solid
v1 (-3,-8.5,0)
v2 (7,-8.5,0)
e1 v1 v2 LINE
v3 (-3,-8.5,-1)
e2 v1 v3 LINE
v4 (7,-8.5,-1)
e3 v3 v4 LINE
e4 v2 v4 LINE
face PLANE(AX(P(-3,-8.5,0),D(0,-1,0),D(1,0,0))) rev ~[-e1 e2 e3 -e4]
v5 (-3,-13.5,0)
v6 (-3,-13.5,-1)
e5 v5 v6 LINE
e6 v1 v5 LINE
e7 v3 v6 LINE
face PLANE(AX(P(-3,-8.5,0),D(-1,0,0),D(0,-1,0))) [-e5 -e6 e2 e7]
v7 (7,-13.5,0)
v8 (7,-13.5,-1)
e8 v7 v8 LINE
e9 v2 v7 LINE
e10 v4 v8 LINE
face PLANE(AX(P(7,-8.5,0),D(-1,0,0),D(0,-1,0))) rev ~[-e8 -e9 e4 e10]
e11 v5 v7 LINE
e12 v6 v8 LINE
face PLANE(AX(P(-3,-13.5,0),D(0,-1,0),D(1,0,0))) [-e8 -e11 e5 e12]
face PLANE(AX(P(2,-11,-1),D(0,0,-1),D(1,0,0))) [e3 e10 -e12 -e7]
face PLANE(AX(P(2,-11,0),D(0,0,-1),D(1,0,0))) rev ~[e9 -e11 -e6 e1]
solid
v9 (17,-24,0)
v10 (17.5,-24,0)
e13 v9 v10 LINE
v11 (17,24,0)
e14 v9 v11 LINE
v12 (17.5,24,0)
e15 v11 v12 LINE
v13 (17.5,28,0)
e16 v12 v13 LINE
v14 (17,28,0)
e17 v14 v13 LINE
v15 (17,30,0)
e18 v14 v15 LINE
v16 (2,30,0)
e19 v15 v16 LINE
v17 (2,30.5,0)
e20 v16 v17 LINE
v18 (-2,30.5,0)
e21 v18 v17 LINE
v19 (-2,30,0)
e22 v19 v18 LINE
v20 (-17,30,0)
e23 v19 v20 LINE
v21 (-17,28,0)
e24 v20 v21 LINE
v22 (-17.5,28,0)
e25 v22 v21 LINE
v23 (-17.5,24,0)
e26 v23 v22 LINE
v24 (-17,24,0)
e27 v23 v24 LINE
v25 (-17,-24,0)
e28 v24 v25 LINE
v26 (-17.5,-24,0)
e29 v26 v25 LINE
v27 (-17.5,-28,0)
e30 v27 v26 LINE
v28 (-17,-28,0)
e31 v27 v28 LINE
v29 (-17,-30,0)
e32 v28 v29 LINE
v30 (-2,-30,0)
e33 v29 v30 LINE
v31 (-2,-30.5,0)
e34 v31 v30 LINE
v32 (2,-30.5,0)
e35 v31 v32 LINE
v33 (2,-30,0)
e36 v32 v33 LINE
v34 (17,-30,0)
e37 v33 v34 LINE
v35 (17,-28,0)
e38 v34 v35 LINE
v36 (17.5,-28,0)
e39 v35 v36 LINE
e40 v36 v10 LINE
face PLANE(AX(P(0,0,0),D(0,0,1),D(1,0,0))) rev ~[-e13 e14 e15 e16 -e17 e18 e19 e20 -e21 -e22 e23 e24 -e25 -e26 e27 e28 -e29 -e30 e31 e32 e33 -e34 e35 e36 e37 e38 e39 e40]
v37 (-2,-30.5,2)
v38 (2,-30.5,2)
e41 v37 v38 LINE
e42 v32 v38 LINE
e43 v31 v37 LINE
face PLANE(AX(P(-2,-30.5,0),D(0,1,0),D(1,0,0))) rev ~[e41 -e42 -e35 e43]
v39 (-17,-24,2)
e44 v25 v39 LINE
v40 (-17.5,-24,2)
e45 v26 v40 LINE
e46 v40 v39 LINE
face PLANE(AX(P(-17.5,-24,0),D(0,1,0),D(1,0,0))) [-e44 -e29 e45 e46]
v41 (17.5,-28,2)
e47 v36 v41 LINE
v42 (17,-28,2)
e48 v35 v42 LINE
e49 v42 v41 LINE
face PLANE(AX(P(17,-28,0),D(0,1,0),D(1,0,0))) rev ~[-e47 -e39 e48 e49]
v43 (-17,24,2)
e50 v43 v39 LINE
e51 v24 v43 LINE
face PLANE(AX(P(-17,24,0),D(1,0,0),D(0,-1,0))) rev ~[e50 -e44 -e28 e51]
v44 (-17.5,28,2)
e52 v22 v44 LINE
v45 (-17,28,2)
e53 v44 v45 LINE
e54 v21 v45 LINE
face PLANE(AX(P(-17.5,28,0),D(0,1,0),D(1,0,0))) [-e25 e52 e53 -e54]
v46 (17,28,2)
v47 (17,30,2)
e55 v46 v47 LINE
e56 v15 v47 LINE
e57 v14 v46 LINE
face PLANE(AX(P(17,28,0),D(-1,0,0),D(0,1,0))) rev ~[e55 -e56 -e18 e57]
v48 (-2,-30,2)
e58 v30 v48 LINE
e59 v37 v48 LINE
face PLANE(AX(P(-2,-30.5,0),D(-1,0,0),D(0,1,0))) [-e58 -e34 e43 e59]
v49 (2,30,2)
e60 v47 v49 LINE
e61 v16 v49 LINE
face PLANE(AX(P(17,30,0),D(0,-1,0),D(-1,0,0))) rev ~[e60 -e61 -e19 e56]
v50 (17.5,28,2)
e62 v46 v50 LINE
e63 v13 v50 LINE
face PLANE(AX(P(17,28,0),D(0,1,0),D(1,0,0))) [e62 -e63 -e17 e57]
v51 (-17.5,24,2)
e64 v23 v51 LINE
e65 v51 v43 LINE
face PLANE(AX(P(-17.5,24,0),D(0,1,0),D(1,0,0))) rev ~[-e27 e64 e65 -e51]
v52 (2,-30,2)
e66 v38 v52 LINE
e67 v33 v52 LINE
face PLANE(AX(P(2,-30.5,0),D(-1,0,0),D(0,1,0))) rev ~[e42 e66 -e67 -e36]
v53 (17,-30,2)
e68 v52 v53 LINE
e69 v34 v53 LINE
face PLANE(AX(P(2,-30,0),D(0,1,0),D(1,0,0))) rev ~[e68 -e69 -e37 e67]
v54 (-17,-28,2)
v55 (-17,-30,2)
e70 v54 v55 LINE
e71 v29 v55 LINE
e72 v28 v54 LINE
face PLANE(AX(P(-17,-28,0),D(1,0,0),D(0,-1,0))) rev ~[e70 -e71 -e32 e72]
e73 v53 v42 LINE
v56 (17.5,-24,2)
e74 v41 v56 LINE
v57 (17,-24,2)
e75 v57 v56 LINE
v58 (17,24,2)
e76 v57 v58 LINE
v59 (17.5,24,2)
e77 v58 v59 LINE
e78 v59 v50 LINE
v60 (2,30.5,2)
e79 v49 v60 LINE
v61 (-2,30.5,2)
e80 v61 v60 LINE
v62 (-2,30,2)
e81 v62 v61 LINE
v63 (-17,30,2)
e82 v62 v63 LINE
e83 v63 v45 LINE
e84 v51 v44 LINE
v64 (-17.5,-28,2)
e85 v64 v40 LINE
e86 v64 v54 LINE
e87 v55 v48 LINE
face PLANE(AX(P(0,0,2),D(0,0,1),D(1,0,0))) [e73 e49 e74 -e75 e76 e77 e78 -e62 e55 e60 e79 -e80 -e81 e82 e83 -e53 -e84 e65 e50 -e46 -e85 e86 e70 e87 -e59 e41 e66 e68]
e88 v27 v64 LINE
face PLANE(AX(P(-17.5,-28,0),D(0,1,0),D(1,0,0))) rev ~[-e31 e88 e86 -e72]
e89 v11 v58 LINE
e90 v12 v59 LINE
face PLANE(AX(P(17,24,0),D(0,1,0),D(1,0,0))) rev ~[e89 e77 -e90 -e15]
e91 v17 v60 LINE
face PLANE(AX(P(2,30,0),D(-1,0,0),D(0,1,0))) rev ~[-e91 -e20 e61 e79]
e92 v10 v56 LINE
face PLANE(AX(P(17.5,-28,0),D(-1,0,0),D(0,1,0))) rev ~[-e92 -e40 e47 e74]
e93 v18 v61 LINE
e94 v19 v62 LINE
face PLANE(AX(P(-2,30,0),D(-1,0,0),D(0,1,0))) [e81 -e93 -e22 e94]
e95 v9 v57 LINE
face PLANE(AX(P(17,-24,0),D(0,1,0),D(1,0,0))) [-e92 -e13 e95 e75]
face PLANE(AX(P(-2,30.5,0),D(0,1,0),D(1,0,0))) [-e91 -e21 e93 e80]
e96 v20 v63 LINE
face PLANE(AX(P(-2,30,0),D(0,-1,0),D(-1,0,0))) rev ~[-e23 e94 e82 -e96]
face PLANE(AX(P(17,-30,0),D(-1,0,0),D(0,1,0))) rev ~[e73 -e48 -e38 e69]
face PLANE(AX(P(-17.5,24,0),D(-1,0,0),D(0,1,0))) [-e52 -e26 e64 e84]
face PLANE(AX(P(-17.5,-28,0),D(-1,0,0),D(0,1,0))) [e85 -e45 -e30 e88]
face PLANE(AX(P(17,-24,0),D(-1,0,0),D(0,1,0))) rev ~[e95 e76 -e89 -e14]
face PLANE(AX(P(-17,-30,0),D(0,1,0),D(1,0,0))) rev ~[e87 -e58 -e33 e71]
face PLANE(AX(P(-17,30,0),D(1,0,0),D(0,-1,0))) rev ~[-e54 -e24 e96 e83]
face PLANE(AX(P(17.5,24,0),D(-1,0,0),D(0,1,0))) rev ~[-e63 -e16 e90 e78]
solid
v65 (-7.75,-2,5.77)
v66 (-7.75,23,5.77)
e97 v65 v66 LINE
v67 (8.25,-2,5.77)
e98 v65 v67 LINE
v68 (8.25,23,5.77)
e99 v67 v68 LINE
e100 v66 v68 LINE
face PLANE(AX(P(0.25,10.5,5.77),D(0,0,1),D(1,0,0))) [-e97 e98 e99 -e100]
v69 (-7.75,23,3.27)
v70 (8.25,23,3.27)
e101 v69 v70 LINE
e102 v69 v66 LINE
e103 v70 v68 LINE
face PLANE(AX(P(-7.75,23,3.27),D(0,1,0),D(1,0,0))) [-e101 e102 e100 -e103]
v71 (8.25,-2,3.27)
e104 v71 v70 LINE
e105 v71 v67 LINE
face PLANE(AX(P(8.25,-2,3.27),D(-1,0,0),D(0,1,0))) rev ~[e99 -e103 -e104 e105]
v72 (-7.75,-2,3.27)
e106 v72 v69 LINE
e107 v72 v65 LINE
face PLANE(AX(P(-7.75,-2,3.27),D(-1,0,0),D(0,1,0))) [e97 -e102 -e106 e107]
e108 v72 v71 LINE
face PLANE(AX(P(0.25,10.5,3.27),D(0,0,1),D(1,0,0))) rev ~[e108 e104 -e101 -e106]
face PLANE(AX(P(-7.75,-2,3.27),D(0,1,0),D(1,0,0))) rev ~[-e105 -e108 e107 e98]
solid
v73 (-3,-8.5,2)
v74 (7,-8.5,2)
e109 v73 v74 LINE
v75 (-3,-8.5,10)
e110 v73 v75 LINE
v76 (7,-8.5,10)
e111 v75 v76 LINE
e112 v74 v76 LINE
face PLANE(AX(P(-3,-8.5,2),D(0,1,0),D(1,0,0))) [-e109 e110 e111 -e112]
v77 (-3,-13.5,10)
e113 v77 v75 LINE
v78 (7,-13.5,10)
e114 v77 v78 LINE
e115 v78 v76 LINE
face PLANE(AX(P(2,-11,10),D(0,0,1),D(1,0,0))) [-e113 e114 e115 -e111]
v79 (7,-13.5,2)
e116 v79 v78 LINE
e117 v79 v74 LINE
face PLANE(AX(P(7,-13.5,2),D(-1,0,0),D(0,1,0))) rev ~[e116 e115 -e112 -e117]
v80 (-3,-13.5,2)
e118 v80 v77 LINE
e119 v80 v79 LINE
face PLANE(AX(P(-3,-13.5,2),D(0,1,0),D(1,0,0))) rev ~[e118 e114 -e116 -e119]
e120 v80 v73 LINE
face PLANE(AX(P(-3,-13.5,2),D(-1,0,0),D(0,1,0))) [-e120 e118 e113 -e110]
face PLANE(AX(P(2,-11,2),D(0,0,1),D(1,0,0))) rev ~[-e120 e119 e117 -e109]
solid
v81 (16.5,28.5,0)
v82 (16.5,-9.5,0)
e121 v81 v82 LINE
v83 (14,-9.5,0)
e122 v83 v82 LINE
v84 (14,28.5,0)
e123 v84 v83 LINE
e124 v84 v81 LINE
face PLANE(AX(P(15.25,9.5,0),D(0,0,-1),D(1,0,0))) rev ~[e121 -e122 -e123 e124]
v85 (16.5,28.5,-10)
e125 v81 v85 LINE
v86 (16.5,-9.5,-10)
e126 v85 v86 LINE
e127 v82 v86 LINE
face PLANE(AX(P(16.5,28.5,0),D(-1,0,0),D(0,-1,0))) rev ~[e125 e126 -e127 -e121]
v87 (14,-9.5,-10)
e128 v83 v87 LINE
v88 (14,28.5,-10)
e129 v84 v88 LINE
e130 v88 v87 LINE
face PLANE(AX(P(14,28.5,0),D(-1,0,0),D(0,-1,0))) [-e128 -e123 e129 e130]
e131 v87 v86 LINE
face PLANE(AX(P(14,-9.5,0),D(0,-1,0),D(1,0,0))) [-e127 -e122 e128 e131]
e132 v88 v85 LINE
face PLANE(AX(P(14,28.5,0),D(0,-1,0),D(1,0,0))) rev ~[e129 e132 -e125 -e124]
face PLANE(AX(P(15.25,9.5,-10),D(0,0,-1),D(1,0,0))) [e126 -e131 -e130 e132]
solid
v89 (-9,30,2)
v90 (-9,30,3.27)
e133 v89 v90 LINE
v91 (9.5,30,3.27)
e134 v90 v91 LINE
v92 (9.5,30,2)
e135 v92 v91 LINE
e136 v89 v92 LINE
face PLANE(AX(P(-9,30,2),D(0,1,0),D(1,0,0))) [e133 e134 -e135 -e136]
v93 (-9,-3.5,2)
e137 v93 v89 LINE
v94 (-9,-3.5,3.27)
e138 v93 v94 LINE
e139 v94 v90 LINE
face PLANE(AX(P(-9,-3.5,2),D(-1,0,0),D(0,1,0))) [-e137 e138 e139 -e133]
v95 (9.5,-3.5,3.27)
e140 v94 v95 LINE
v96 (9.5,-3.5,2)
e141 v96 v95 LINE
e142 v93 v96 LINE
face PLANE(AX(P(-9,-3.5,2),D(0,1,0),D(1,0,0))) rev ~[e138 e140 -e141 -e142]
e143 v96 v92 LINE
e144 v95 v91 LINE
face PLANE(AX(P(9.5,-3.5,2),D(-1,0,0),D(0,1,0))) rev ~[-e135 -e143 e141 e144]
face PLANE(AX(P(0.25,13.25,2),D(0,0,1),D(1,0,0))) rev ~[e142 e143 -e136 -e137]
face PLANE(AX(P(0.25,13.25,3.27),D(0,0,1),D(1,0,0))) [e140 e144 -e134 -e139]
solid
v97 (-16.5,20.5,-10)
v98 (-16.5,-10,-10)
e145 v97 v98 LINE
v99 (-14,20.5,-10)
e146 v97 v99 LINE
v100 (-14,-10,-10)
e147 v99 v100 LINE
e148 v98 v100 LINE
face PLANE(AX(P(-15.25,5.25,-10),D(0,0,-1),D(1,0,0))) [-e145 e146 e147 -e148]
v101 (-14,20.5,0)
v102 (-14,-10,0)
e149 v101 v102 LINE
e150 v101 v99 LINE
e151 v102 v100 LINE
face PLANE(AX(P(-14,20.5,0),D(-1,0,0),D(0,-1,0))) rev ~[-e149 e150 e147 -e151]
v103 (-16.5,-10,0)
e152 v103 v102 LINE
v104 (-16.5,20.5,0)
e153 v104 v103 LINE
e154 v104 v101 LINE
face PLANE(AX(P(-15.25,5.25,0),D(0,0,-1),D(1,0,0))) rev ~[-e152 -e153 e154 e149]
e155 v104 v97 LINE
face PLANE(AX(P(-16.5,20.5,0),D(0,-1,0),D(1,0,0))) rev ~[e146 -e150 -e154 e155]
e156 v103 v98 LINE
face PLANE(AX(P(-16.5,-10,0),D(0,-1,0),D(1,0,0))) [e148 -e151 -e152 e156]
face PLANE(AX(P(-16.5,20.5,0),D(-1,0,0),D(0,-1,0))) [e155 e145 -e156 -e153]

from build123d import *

# Parameters (mm, degrees)
F0_W      = 4
F0_H      = 0.5
F0_W_2    = 0.5
F0_H_2    = 4
F1_DEPTH  = 2
F2_W      = 18.5
F2_H      = 33.5
F3_DEPTH  = 1.27
F4_W      = 16
F4_H      = 25
F5_DEPTH  = 2.5
F6_W      = 10
F6_H      = 5
F7_DEPTH  = 8
F8_W      = 10
F8_H      = 5
F9_DEPTH  = 1
F10_W     = 2.5
F10_H     = 30.5
F10_H_2   = 38
F11_DEPTH = 10


with BuildPart() as f1:
    # F0 (on Top) → F1 (new body)
    with BuildSketch(Plane.XY):
        Polygon((2, -30), (17, -30), (17, -28), (17, -24), (17, 24), (17, 28), (17, 30), (2, 30), (-2, 30), (-17, 30), (-17, 28), (-17, 24), (-17, -24), (-17, -28), (-17, -30), (-2, -30), align=None)
        with Locations((0, -30.25)):
            Rectangle(F0_W, F0_H)
        with Locations((17.25, -26)):
            Rectangle(F0_W_2, F0_H_2)
        with Locations((17.25, 26)):
            Rectangle(F0_W_2, F0_H_2)
        with Locations((-17.25, -26)):
            Rectangle(F0_W_2, F0_H_2)
        with Locations((-17.25, 26)):
            Rectangle(F0_W_2, F0_H_2)
        with Locations((0, 30.25)):
            Rectangle(F0_W, F0_H)
    extrude(amount=F1_DEPTH)


with BuildPart() as f3:
    # F2 (on face) → F3 (new body)
    with BuildSketch(Plane.XY.offset(2)):
        with Locations((0.25, 13.25)):
            Rectangle(F2_W, F2_H)
    extrude(amount=F3_DEPTH)


with BuildPart() as f5:
    # F4 (on face) → F5 (new body)
    with BuildSketch(Plane.XY.offset(3.27)):
        with Locations((0.25, 10.5)):
            Rectangle(F4_W, F4_H)
    extrude(amount=F5_DEPTH)


with BuildPart() as f7:
    # F6 (on face) → F7 (new body)
    with BuildSketch(Plane.XY.offset(2)):
        with Locations((2, -11)):
            Rectangle(F6_W, F6_H)
    extrude(amount=F7_DEPTH)


with BuildPart() as f9:
    # F8 (on face) → F9 (new body)
    with BuildSketch(Plane(origin=(0, 0, 0), x_dir=(1, 0, 0), z_dir=(0, 0, -1))):
        with Locations((2, 11)):
            Rectangle(F8_W, F8_H)
    extrude(amount=F9_DEPTH)


with BuildPart() as f11:
    # F10 (on face) → F11 (new body)
    with BuildSketch(Plane(origin=(0, 0, 0), x_dir=(1, 0, 0), z_dir=(0, 0, -1))):
        with Locations((-15.25, -5.25)):
            Rectangle(F10_W, F10_H)
        with Locations((15.25, -9.5)):
            Rectangle(F10_W, F10_H_2)
    extrude(amount=F11_DEPTH)


solid = Compound([f1.part, f3.part, f5.part, f7.part, f9.part, f11.part])
